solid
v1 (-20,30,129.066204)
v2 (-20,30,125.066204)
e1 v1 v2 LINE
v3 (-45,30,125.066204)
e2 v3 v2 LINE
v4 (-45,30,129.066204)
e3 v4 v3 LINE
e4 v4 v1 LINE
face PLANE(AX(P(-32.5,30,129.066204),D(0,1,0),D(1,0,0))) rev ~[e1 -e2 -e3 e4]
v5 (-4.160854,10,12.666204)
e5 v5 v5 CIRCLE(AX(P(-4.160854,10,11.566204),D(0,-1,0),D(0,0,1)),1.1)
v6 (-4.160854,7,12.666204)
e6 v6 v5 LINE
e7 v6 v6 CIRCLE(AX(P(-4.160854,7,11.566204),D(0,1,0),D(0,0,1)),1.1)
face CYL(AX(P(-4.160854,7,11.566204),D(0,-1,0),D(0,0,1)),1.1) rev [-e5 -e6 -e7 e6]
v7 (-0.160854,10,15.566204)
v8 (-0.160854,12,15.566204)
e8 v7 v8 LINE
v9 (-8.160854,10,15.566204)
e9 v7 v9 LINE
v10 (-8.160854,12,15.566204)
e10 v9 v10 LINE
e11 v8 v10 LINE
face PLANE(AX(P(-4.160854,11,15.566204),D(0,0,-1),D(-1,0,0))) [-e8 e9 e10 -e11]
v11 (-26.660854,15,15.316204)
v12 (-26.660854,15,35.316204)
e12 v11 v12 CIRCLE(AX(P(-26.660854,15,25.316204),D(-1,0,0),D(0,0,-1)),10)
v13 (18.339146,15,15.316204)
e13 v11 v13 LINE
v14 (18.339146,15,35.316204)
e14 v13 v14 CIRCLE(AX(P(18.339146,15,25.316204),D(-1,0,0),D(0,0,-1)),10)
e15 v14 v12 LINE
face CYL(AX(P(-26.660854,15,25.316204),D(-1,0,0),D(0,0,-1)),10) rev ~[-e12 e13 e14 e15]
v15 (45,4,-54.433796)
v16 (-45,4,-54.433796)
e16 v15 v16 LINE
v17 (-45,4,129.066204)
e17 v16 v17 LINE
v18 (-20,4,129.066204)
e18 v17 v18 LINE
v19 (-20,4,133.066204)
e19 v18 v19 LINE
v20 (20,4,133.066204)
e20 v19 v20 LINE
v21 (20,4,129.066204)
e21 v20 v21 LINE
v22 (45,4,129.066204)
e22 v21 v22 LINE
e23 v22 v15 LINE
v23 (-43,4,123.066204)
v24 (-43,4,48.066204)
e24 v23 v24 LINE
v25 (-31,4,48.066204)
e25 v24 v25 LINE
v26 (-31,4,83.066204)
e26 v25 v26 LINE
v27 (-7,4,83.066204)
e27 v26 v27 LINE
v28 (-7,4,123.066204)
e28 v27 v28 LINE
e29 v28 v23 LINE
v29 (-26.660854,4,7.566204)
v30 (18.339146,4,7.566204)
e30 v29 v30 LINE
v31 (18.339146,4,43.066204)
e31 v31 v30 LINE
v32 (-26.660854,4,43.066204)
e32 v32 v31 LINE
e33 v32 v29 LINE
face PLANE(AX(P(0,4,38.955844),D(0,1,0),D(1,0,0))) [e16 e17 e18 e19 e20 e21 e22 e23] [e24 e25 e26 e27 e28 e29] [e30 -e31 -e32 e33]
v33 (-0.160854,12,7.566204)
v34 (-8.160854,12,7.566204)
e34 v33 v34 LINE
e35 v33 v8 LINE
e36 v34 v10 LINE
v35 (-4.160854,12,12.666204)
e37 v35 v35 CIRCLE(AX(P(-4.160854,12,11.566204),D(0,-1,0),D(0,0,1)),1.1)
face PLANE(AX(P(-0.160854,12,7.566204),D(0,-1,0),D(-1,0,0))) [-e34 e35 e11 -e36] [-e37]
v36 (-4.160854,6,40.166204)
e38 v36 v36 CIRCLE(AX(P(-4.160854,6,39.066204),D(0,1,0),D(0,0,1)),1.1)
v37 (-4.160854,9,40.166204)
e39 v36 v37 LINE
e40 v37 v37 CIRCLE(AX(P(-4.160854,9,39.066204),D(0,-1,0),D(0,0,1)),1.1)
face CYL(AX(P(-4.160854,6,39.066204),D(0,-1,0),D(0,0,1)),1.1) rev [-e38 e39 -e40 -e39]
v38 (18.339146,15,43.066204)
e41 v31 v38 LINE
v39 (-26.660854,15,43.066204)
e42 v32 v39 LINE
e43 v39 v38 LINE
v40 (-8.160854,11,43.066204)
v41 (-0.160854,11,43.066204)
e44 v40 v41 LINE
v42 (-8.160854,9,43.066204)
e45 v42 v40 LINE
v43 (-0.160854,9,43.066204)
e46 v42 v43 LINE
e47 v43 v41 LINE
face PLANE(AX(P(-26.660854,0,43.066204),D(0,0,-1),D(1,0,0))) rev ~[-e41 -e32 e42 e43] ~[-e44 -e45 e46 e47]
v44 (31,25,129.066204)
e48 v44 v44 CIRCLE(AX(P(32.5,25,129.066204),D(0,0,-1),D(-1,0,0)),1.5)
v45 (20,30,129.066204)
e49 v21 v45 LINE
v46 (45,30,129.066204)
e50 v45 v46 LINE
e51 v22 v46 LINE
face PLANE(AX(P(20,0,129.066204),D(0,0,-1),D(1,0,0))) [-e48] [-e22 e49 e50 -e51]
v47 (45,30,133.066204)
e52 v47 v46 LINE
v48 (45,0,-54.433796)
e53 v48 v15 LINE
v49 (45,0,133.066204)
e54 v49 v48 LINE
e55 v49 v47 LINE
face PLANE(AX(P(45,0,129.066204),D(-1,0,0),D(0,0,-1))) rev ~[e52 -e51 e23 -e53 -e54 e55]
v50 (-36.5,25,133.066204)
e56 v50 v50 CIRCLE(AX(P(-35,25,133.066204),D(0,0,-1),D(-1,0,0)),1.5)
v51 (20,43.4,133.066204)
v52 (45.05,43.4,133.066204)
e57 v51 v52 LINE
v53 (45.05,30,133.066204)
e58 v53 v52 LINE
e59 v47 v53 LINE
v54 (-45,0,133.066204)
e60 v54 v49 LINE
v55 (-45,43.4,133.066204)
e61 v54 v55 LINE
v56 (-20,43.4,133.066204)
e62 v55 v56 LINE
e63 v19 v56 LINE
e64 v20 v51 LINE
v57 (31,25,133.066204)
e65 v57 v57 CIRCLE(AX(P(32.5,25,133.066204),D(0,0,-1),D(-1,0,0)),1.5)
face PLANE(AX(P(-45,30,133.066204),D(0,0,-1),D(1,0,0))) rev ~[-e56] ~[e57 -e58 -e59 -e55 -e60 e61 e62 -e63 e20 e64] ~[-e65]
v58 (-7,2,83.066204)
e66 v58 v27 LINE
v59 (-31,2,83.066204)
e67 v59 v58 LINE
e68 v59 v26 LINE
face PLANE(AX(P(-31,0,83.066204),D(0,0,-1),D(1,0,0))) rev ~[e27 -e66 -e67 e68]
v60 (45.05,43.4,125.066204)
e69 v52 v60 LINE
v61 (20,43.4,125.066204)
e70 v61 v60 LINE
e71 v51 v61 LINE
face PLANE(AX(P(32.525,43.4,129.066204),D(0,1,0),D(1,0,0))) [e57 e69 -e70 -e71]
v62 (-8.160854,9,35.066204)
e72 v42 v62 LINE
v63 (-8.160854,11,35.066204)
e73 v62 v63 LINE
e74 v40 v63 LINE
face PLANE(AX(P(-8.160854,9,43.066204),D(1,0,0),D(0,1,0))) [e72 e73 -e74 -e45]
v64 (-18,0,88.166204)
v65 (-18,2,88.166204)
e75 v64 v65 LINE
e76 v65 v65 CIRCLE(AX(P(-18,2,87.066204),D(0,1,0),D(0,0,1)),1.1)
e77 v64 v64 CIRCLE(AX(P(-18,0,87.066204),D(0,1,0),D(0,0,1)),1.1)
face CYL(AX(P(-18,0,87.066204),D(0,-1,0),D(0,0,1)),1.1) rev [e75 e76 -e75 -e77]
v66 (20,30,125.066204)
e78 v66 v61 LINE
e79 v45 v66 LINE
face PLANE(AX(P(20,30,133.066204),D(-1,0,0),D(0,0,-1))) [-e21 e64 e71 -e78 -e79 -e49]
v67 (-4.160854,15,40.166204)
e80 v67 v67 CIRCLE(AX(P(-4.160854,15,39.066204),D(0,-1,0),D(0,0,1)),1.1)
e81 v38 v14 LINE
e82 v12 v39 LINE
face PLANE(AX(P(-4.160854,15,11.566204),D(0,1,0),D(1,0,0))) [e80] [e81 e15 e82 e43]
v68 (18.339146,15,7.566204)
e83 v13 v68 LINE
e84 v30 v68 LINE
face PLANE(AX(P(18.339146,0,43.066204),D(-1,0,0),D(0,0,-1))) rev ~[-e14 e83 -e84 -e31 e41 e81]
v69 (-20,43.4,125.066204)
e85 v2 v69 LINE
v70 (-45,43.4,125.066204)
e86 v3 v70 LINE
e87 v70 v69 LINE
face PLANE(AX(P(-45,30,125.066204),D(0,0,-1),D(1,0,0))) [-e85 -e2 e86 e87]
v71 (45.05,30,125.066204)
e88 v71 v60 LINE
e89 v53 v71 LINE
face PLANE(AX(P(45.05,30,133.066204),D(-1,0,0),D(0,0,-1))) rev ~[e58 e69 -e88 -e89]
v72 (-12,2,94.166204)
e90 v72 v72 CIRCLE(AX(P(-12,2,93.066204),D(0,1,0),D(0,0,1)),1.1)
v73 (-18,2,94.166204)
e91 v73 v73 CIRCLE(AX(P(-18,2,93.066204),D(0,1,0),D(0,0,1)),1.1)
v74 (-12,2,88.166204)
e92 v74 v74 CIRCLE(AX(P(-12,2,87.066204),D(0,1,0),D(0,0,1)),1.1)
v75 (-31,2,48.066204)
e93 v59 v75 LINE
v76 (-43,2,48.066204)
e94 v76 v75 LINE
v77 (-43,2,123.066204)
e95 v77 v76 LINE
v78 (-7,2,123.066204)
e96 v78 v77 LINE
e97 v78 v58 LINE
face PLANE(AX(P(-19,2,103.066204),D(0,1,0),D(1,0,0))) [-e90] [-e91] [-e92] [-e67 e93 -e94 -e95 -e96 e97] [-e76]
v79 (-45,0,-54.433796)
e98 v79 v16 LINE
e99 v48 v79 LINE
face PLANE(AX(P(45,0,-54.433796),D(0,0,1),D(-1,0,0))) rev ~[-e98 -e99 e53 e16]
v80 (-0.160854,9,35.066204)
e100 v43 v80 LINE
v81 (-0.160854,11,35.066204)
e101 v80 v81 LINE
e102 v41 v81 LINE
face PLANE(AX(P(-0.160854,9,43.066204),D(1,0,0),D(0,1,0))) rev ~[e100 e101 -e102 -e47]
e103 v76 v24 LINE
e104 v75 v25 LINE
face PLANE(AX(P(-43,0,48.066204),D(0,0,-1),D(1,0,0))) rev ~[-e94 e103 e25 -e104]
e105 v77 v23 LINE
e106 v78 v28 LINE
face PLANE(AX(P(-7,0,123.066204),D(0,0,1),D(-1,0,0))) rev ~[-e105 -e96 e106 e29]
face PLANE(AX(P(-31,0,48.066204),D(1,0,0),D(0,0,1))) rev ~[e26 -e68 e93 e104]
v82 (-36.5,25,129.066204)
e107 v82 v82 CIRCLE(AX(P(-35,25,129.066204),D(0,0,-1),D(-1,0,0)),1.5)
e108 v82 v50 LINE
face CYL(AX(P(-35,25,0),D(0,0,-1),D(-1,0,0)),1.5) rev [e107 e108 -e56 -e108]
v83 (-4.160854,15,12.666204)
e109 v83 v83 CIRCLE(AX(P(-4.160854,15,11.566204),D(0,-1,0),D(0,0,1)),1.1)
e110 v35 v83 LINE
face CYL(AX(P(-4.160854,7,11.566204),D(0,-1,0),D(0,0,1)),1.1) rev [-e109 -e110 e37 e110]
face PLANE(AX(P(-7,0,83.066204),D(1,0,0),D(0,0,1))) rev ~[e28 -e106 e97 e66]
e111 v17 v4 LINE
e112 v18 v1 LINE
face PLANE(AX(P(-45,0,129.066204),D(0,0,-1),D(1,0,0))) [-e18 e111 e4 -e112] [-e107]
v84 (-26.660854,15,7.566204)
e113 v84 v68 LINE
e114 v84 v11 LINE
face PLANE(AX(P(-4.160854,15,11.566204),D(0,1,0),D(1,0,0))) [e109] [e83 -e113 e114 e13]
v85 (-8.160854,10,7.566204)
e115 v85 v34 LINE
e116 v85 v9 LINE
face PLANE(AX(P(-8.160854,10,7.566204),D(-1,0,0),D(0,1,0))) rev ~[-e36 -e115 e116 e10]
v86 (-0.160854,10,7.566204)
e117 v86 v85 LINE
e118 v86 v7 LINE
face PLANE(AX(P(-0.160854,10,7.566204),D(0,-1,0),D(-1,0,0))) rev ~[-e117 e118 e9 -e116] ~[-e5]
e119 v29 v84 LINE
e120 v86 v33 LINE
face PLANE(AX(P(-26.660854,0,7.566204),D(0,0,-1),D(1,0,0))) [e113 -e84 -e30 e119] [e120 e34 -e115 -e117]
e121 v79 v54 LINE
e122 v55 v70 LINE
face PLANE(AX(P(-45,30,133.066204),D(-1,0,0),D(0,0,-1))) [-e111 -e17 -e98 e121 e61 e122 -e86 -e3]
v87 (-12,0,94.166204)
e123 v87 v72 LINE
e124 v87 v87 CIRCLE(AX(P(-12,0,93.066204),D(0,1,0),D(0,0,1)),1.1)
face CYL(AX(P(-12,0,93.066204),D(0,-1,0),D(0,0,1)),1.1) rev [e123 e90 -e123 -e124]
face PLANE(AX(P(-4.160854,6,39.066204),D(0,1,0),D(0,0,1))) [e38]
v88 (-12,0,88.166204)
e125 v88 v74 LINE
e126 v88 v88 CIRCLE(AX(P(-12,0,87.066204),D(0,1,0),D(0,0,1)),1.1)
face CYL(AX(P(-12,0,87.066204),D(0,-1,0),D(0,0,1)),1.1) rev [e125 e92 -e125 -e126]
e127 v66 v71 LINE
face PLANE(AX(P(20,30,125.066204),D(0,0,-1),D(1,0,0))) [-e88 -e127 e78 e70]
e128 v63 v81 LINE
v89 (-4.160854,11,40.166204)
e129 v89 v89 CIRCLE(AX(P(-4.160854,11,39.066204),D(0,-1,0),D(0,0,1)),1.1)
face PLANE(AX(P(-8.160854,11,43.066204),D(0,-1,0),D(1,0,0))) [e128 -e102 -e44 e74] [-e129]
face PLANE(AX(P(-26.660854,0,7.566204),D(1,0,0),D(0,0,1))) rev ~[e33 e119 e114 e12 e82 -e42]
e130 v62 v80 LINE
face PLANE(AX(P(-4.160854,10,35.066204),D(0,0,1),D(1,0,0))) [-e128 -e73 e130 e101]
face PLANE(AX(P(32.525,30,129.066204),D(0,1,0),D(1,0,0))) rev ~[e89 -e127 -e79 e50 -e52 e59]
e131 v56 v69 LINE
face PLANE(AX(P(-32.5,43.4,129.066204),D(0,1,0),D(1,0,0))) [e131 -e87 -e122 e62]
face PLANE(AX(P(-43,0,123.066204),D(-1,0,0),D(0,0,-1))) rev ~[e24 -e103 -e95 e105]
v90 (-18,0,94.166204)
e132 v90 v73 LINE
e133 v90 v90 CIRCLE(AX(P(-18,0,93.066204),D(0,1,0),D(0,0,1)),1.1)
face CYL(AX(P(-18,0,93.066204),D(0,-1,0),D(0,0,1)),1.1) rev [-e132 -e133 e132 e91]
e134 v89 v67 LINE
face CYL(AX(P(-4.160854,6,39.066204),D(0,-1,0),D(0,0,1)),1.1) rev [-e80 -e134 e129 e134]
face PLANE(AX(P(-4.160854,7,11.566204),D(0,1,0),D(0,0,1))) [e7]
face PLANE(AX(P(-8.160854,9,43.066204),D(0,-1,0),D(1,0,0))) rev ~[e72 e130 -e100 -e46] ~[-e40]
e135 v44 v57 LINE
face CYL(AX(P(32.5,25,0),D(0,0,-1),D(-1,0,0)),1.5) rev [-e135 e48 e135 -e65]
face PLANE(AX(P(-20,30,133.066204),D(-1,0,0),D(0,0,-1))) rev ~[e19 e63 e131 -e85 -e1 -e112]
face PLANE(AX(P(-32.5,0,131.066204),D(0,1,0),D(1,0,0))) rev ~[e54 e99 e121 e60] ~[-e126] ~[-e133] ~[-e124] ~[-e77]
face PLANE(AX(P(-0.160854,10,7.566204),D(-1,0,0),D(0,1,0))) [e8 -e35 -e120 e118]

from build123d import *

# Parameters (mm, degrees)
SUPERFICIE_DEITADA_W     = 45
SUPERFICIE_DEITADA_H     = 35.5
BOSS_EXTRUDE1_DEPTH      = 4
SUPERFICIE_DEITADA_4_W   = 45
SUPERFICIE_DEITADA_4_H   = 8
SUPERFICIE_DEITADA_4_H_2 = 19.5
BOSS_EXTRUDE2_DEPTH      = 15
SUPERFICIE_DEITADA_5_W   = 12
SUPERFICIE_DEITADA_5_H   = 35
SUPERFICIE_DEITADA_5_W_2 = 24
SUPERFICIE_DEITADA_5_H_2 = 40
SUPERFICIE_DEITADA_5_R   = 1.1
BOSS_EXTRUDE3_DEPTH      = 2
SUPERFICIE_DEITADA_6_W   = 25
SUPERFICIE_DEITADA_6_H   = 4
BOSS_EXTRUDE4_DEPTH      = 30
SUPERFICIE_DEITADA_7_W   = 25
SUPERFICIE_DEITADA_7_H   = 4
BOSS_EXTRUDE5_DEPTH      = 30
SUPERFICIE_VERTICAL_R    = 1.5
CUT_EXTRUDE1_DEPTH       = 200.4
CUT_EXTRUDE2_DEPTH       = 200.4
SKETCH5_W                = 8
SKETCH5_H                = 2
CUT_EXTRUDE3_DEPTH       = 8
CUT_EXTRUDE4_DEPTH       = 7
CUT_EXTRUDE4_DEPTH_BACK  = 3
SKETCH6_R                = 1.1
SKETCH8_W                = 8
SKETCH8_H                = 2
CUT_EXTRUDE5_DEPTH       = 8
CUT_EXTRUDE6_DEPTH       = 15
CUT_EXTRUDE6_DEPTH_BACK  = 3
SKETCH9_R                = 1.1
SKETCH11_W               = 25.05
SKETCH11_H               = 8
BOSS_EXTRUDE6_DEPTH      = 13.4
SKETCH12_W               = 25
SKETCH12_H               = 8
BOSS_EXTRUDE7_DEPTH      = 13.4


with BuildPart() as part:
    # Superficie_Deitada → Boss-Extrude1 (new body)
    with BuildSketch(Plane(origin=(0, 0, 0), x_dir=(1, 0, 0), z_dir=(0, 1, 0))):
        Polygon((-20, -129.066204139), (-20, -133.066204139), (20, -133.066204139), (20, -129.066204139), (45, -129.066204139), (45, 54.433795861), (-45, 54.433795861), (-45, -129.066204139), align=None)
        with Locations((-4.160854438, -25.316204139)):
            Rectangle(SUPERFICIE_DEITADA_W, SUPERFICIE_DEITADA_H, mode=Mode.SUBTRACT)
        Polygon((-43, -48.066204139), (-31, -48.066204139), (-31, -83.066204139), (-7, -83.066204139), (-7, -123.066204139), (-43, -123.066204139), align=None, mode=Mode.SUBTRACT)
    extrude(amount=BOSS_EXTRUDE1_DEPTH)

    # Superficie_Deitada<4> → Boss-Extrude2 (add)
    with BuildSketch(Plane(origin=(0, 0, 0), x_dir=(1, 0, 0), z_dir=(0, 1, 0))):
        with Locations((-4.160854438, -11.566204139)):
            Rectangle(SUPERFICIE_DEITADA_4_W, SUPERFICIE_DEITADA_4_H)
        with Locations((-4.160854438, -25.316204139)):
            Rectangle(SUPERFICIE_DEITADA_4_W, SUPERFICIE_DEITADA_4_H_2)
        with Locations((-4.160854438, -39.066204139)):
            Rectangle(SUPERFICIE_DEITADA_4_W, SUPERFICIE_DEITADA_4_H)
    extrude(amount=BOSS_EXTRUDE2_DEPTH)

    # Superficie_Deitada<5> → Boss-Extrude3 (add)
    # profile 1 of 3: a face of its own
    with BuildSketch(Plane(origin=(0, 0, 0), x_dir=(1, 0, 0), z_dir=(0, 1, 0))):
        with Locations((-37, -65.566204139)):
            Rectangle(SUPERFICIE_DEITADA_5_W, SUPERFICIE_DEITADA_5_H)
    # profile 2 of 3: a face of its own
    with BuildSketch(Plane(origin=(0, 0, 0), x_dir=(1, 0, 0), z_dir=(0, 1, 0))):
        with Locations((-19, -103.066204139)):
            Rectangle(SUPERFICIE_DEITADA_5_W_2, SUPERFICIE_DEITADA_5_H_2)
        with Locations(Location((-18, -93.066204139, 0), (0, 0, 270))):
            Circle(SUPERFICIE_DEITADA_5_R, mode=Mode.SUBTRACT)
        with Locations(Location((-18, -87.066204139, 0), (0, 0, 270))):
            Circle(SUPERFICIE_DEITADA_5_R, mode=Mode.SUBTRACT)
        with Locations(Location((-12, -93.066204139, 0), (0, 0, 270))):
            Circle(SUPERFICIE_DEITADA_5_R, mode=Mode.SUBTRACT)
        with Locations(Location((-12, -87.066204139, 0), (0, 0, 270))):
            Circle(SUPERFICIE_DEITADA_5_R, mode=Mode.SUBTRACT)
    # profile 3 of 3: a face of its own
    with BuildSketch(Plane(origin=(0, 0, 0), x_dir=(1, 0, 0), z_dir=(0, 1, 0))):
        with Locations((-37, -103.066204139)):
            Rectangle(SUPERFICIE_DEITADA_5_W, SUPERFICIE_DEITADA_5_H_2)
    extrude(amount=BOSS_EXTRUDE3_DEPTH)

    # Superficie_Deitada<6> → Boss-Extrude4 (add)
    with BuildSketch(Plane(origin=(0, 0, 0), x_dir=(1, 0, 0), z_dir=(0, 1, 0))):
        with Locations((32.5, -131.066204139)):
            Rectangle(SUPERFICIE_DEITADA_6_W, SUPERFICIE_DEITADA_6_H)
    extrude(amount=BOSS_EXTRUDE4_DEPTH)

    # Superficie_Deitada<7> → Boss-Extrude5 (add)
    with BuildSketch(Plane(origin=(0, 0, 0), x_dir=(1, 0, 0), z_dir=(0, 1, 0))):
        with Locations((-32.5, -131.066204139)):
            Rectangle(SUPERFICIE_DEITADA_7_W, SUPERFICIE_DEITADA_7_H)
    extrude(amount=BOSS_EXTRUDE5_DEPTH)

    # Superficie_vertical → Cut-Extrude1 (cut)
    with BuildSketch(Plane.XY):
        with Locations(Location((32.5, 25, 0), (0, 0, 180))):
            Circle(SUPERFICIE_VERTICAL_R)
        with Locations(Location((-35, 25, 0), (0, 0, 180))):
            Circle(SUPERFICIE_VERTICAL_R)
    extrude(amount=CUT_EXTRUDE1_DEPTH, mode=Mode.SUBTRACT)

    # Sketch4 → Cut-Extrude2 (cut)
    with BuildSketch(Plane.ZY.offset(26.660854438)):
        with BuildLine():
            ThreePointArc((35.316204139, 15), (25.316204139, 25), (15.316204139, 15))
            Line((15.316204139, 15), (15.566204139, 15))
            Line((15.566204139, 15), (35.066204139, 15))
            Line((35.066204139, 15), (35.316204139, 15))
        make_face()
        with BuildLine():
            Line((15.566204139, 15), (15.316204139, 15))
            ThreePointArc((15.316204139, 15), (25.316204139, 5), (35.316204139, 15))
            Line((35.316204139, 15), (35.066204139, 15))
            Line((35.066204139, 15), (15.566204139, 15))
        make_face()
    extrude(amount=-CUT_EXTRUDE2_DEPTH, mode=Mode.SUBTRACT)

    # Sketch5 → Cut-Extrude3 (cut)
    with BuildSketch(Plane(origin=(0, 0, 7.566204139), x_dir=(-1, 0, 0), z_dir=(0, 0, -1))):
        with Locations((4.160854438, 11)):
            Rectangle(SKETCH5_W, SKETCH5_H)
    extrude(amount=-CUT_EXTRUDE3_DEPTH, mode=Mode.SUBTRACT)

    # Sketch6 → Cut-Extrude4 (cut, two sides: drawn at the far end of the back side and taken through both)
    with BuildSketch(Plane(origin=(0, 10, 0), x_dir=(1, 0, 0), z_dir=(0, 1, 0)).offset(-CUT_EXTRUDE4_DEPTH_BACK)):
        with Locations(Location((-4.160854438, -11.566204139, 0), (0, 0, 270))):
            Circle(SKETCH6_R)
    extrude(amount=CUT_EXTRUDE4_DEPTH + CUT_EXTRUDE4_DEPTH_BACK, mode=Mode.SUBTRACT)

    # Sketch8 → Cut-Extrude5 (cut)
    with BuildSketch(Plane.XY.offset(43.066204139)):
        with Locations((-4.160854438, 10)):
            Rectangle(SKETCH8_W, SKETCH8_H)
    extrude(amount=-CUT_EXTRUDE5_DEPTH, mode=Mode.SUBTRACT)

    # Sketch9 → Cut-Extrude6 (cut, two sides: drawn at the far end of the back side and taken through both)
    with BuildSketch(Plane(origin=(0, 9, 0), x_dir=(1, 0, 0), z_dir=(0, 1, 0)).offset(-CUT_EXTRUDE6_DEPTH_BACK)):
        with Locations(Location((-4.160854438, -39.066204139, 0), (0, 0, 270))):
            Circle(SKETCH9_R)
    extrude(amount=CUT_EXTRUDE6_DEPTH + CUT_EXTRUDE6_DEPTH_BACK, mode=Mode.SUBTRACT)

    # Sketch11 → Boss-Extrude6 (add)
    with BuildSketch(Plane(origin=(0, 30, 0), x_dir=(1, 0, 0), z_dir=(0, 1, 0))):
        with Locations((32.525, -129.066204139)):
            Rectangle(SKETCH11_W, SKETCH11_H)
    extrude(amount=BOSS_EXTRUDE6_DEPTH)

    # Sketch12 → Boss-Extrude7 (add)
    with BuildSketch(Plane(origin=(0, 30, 0), x_dir=(1, 0, 0), z_dir=(0, 1, 0))):
        with Locations((-32.5, -129.066204139)):
            Rectangle(SKETCH12_W, SKETCH12_H)
    extrude(amount=BOSS_EXTRUDE7_DEPTH)


solid = part.part
